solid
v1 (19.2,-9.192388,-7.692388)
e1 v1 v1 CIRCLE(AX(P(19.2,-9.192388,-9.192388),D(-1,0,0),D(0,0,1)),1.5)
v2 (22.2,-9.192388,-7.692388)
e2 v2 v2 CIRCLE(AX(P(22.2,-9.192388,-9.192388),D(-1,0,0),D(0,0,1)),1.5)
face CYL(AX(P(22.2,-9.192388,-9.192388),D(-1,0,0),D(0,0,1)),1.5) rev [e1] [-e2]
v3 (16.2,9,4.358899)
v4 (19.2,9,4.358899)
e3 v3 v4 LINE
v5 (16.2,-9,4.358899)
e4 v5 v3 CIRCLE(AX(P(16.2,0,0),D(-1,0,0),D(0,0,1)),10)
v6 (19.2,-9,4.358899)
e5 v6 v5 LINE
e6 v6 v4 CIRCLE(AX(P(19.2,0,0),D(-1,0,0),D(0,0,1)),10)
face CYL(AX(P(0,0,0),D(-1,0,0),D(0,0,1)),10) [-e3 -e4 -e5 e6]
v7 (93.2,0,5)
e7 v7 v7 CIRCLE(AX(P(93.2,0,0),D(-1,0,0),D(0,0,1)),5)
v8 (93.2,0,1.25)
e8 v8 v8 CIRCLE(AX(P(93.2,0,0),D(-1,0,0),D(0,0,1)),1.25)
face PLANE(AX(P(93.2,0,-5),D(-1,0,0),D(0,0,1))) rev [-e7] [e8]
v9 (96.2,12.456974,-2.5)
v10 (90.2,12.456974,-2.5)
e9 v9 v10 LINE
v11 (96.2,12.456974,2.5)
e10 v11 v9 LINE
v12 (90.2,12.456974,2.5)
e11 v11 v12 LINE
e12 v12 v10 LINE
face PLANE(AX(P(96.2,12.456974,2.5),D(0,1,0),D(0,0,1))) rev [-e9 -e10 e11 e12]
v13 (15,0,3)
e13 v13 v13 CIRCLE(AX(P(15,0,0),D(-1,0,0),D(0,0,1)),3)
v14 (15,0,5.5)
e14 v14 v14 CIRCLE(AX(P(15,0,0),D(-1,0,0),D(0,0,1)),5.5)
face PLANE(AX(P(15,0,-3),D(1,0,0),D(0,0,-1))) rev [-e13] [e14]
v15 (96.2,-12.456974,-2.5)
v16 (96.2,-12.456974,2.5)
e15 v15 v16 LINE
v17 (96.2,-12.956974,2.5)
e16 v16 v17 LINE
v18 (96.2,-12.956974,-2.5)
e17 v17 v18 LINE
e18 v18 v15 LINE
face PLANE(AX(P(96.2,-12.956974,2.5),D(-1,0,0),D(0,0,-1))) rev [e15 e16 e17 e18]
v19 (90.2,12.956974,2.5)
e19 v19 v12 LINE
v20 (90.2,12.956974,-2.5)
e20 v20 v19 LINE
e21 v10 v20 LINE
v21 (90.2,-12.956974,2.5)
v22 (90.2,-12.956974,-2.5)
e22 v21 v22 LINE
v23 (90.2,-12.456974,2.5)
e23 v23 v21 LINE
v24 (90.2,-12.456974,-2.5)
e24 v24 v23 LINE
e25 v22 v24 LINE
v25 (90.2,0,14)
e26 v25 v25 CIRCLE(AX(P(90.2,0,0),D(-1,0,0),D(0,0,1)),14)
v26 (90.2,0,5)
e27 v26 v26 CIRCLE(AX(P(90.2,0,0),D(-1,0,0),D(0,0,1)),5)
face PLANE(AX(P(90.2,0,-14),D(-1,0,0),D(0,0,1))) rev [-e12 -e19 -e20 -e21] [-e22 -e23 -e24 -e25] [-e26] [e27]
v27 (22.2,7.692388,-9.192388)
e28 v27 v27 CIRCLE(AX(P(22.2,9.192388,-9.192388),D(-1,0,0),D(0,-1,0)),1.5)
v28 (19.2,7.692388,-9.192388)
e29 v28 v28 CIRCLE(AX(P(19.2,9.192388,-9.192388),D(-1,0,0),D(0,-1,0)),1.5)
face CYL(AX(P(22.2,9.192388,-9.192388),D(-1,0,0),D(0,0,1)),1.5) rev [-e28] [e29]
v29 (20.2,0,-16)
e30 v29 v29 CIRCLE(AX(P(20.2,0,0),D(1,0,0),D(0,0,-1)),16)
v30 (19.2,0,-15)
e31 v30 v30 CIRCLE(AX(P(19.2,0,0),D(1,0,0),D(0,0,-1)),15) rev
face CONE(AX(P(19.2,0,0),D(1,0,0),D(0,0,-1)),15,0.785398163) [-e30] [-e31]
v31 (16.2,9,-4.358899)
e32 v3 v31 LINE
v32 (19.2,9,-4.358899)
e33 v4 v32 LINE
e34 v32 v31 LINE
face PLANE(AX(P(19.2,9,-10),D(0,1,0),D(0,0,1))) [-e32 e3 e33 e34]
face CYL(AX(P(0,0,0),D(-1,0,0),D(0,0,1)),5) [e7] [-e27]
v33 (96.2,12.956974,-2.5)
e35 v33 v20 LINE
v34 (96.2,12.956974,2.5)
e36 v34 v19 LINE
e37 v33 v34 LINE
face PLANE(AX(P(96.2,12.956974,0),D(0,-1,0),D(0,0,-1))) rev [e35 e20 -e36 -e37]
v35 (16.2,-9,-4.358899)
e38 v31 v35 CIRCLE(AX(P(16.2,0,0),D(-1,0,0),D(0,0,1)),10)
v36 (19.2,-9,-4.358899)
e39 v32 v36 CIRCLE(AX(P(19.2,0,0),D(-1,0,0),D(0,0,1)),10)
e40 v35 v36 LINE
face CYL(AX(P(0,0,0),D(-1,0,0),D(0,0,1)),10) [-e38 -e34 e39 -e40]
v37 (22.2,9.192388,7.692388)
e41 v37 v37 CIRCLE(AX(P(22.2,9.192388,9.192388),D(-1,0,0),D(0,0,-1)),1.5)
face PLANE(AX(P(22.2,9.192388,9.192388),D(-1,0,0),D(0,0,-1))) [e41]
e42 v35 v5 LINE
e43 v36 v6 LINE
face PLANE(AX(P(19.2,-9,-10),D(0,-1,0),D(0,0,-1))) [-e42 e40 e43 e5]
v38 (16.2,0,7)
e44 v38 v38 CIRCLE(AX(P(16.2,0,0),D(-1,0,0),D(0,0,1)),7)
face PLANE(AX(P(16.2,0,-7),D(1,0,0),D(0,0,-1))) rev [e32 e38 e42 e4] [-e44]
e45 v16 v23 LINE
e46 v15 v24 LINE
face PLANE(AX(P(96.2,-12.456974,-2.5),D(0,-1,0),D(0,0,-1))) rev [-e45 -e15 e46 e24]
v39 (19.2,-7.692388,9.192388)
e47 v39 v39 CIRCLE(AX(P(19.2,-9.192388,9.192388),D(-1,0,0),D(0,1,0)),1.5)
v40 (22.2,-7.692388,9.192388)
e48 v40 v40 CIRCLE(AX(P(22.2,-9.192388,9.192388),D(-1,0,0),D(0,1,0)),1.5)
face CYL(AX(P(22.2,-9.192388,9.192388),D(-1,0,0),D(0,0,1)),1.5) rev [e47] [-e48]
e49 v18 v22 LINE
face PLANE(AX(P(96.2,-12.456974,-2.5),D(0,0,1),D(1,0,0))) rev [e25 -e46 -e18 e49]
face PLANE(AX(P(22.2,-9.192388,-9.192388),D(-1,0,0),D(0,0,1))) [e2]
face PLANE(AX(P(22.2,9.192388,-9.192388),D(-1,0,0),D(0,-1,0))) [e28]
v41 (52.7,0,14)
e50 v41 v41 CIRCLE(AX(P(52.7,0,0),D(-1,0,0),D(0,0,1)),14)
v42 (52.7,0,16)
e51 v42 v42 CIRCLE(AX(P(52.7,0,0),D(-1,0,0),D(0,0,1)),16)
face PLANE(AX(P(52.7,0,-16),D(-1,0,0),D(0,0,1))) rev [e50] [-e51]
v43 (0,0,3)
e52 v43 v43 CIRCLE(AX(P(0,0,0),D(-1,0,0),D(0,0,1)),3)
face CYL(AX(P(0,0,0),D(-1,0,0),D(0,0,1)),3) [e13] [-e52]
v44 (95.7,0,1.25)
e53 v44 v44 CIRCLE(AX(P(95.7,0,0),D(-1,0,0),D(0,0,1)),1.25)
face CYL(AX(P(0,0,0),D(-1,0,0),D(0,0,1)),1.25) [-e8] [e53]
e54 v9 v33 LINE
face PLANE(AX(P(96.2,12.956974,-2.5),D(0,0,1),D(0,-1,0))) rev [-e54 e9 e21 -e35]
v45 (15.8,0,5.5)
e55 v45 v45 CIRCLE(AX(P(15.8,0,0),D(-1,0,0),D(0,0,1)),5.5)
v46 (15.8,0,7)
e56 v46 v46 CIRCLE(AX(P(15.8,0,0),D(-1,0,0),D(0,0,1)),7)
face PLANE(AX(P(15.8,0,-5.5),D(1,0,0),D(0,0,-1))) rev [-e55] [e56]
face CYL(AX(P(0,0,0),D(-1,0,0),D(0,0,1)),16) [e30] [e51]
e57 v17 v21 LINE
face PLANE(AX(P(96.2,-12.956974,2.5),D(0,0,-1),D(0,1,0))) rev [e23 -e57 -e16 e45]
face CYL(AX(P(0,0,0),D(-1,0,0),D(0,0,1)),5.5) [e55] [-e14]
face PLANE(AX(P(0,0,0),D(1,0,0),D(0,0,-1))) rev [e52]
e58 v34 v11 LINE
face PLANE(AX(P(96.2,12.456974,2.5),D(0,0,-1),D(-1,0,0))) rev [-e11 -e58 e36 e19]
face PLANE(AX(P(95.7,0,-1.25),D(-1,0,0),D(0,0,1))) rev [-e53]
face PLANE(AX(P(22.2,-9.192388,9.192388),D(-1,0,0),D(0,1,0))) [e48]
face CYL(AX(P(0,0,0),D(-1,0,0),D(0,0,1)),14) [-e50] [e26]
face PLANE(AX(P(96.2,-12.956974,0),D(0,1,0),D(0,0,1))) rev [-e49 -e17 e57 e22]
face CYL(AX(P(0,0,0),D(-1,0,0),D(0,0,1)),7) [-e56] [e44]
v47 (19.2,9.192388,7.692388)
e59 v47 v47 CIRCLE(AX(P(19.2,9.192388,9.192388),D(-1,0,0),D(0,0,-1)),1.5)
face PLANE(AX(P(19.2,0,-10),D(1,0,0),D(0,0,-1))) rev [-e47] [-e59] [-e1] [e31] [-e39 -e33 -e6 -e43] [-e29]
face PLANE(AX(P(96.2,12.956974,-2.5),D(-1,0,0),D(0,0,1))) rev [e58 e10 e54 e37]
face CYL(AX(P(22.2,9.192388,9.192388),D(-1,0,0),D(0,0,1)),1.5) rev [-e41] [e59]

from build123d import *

# Parameters (mm, degrees)
SKETCH_2_OUTSIDE_W       = 55.172
SKETCH_2_OUTSIDE_H       = 55.172
SKETCH_2_OUTSIDE_W_2     = 20
SKETCH_2_OUTSIDE_H_2     = 18
CUT_EXTRUDE_1_DEPTH      = 3
CHAMFER_1_SIZE           = 1
SKETCH_3_R               = 1.5
CUT_EXTRUDE_3_DEPTH      = 3
PATTERN_CIRCULAR_2_COUNT = 4
EXTRUDE_2_DEPTH          = 6
PATTERN_CIRCULAR_3_COUNT = 2


with BuildPart() as part:
    # ｽｹｯﾁ1 → 回転2 (revolve)
    with BuildSketch(Plane(origin=(0, 0, 0), x_dir=(1, 0, 0), z_dir=(0, 1, 0)), mode=Mode.PRIVATE) as revolve_2_sk:
        Polygon((0, 0), (0, 3), (15, 3), (15, 5.5), (15.8, 5.5), (15.8, 7), (16.2, 7), (16.2, 10), (19.2, 10), (19.2, 16), (52.7, 16), (52.7, 14), (90.2, 14), (90.2, 5), (93.2, 5), (93.2, 1.25), (95.7, 1.25), (95.7, 0), align=None)
    revolve(revolve_2_sk.sketch.rotate(Axis((0, 0, 0), (1, 0, 0)), 180), axis=Axis((0, 0, 0), (1, 0, 0)))

    # ｽｹｯﾁ2 outside → ｶｯﾄ - 押し出し1 (cut)
    with BuildSketch(Plane.ZY.offset(-16.2)):
        Rectangle(SKETCH_2_OUTSIDE_W, SKETCH_2_OUTSIDE_H)
        Rectangle(SKETCH_2_OUTSIDE_W_2, SKETCH_2_OUTSIDE_H_2, mode=Mode.SUBTRACT)
    extrude(amount=-CUT_EXTRUDE_1_DEPTH, mode=Mode.SUBTRACT)

    # 面取り1
    chamfer_1_edges = [part.edges().sort_by_distance(p)[0] for p in [
        (19.2, 0, -16),
    ]]
    chamfer(chamfer_1_edges, length=CHAMFER_1_SIZE)

    # ｽｹｯﾁ3 → ｶｯﾄ - 押し出し3 (cut)
    with BuildSketch(Plane.ZY.offset(-19.2)):
        with Locations((-9.192388155, -9.192388155)):
            Circle(SKETCH_3_R)
    cut_extrude_3 = extrude(amount=-CUT_EXTRUDE_3_DEPTH, mode=Mode.SUBTRACT)

    # 円形ﾊﾟﾀｰﾝ2: ｶｯﾄ - 押し出し3 ×4 about axis
    pattern_circular_2_axis = Axis((0, 0, 0), (1, 0, 0))
    for i in range(1, PATTERN_CIRCULAR_2_COUNT):
        add(cut_extrude_3.rotate(pattern_circular_2_axis, i * 360 / PATTERN_CIRCULAR_2_COUNT), mode=Mode.SUBTRACT)

    # ｽｹｯﾁ4 → ﾎﾞｽ - 押し出し2 (add)
    with BuildSketch(Plane(origin=(90.2, 0, 0), x_dir=(0, 0, -1), z_dir=(1, 0, 0))):
        Polygon((0, 12.956973635), (2.5, 12.956973635), (2.5, 12.456973635), (-2.5, 12.456973635), (-2.5, 12.956973635), align=None)
    extrude_2 = extrude(amount=EXTRUDE_2_DEPTH)

    # 円形ﾊﾟﾀｰﾝ3: ﾎﾞｽ - 押し出し2 ×2 about axis
    pattern_circular_3_axis = Axis((0, 0, 0), (1, 0, 0))
    for i in range(1, PATTERN_CIRCULAR_3_COUNT):
        add(extrude_2.rotate(pattern_circular_3_axis, i * 360 / PATTERN_CIRCULAR_3_COUNT))


solid = part.part
